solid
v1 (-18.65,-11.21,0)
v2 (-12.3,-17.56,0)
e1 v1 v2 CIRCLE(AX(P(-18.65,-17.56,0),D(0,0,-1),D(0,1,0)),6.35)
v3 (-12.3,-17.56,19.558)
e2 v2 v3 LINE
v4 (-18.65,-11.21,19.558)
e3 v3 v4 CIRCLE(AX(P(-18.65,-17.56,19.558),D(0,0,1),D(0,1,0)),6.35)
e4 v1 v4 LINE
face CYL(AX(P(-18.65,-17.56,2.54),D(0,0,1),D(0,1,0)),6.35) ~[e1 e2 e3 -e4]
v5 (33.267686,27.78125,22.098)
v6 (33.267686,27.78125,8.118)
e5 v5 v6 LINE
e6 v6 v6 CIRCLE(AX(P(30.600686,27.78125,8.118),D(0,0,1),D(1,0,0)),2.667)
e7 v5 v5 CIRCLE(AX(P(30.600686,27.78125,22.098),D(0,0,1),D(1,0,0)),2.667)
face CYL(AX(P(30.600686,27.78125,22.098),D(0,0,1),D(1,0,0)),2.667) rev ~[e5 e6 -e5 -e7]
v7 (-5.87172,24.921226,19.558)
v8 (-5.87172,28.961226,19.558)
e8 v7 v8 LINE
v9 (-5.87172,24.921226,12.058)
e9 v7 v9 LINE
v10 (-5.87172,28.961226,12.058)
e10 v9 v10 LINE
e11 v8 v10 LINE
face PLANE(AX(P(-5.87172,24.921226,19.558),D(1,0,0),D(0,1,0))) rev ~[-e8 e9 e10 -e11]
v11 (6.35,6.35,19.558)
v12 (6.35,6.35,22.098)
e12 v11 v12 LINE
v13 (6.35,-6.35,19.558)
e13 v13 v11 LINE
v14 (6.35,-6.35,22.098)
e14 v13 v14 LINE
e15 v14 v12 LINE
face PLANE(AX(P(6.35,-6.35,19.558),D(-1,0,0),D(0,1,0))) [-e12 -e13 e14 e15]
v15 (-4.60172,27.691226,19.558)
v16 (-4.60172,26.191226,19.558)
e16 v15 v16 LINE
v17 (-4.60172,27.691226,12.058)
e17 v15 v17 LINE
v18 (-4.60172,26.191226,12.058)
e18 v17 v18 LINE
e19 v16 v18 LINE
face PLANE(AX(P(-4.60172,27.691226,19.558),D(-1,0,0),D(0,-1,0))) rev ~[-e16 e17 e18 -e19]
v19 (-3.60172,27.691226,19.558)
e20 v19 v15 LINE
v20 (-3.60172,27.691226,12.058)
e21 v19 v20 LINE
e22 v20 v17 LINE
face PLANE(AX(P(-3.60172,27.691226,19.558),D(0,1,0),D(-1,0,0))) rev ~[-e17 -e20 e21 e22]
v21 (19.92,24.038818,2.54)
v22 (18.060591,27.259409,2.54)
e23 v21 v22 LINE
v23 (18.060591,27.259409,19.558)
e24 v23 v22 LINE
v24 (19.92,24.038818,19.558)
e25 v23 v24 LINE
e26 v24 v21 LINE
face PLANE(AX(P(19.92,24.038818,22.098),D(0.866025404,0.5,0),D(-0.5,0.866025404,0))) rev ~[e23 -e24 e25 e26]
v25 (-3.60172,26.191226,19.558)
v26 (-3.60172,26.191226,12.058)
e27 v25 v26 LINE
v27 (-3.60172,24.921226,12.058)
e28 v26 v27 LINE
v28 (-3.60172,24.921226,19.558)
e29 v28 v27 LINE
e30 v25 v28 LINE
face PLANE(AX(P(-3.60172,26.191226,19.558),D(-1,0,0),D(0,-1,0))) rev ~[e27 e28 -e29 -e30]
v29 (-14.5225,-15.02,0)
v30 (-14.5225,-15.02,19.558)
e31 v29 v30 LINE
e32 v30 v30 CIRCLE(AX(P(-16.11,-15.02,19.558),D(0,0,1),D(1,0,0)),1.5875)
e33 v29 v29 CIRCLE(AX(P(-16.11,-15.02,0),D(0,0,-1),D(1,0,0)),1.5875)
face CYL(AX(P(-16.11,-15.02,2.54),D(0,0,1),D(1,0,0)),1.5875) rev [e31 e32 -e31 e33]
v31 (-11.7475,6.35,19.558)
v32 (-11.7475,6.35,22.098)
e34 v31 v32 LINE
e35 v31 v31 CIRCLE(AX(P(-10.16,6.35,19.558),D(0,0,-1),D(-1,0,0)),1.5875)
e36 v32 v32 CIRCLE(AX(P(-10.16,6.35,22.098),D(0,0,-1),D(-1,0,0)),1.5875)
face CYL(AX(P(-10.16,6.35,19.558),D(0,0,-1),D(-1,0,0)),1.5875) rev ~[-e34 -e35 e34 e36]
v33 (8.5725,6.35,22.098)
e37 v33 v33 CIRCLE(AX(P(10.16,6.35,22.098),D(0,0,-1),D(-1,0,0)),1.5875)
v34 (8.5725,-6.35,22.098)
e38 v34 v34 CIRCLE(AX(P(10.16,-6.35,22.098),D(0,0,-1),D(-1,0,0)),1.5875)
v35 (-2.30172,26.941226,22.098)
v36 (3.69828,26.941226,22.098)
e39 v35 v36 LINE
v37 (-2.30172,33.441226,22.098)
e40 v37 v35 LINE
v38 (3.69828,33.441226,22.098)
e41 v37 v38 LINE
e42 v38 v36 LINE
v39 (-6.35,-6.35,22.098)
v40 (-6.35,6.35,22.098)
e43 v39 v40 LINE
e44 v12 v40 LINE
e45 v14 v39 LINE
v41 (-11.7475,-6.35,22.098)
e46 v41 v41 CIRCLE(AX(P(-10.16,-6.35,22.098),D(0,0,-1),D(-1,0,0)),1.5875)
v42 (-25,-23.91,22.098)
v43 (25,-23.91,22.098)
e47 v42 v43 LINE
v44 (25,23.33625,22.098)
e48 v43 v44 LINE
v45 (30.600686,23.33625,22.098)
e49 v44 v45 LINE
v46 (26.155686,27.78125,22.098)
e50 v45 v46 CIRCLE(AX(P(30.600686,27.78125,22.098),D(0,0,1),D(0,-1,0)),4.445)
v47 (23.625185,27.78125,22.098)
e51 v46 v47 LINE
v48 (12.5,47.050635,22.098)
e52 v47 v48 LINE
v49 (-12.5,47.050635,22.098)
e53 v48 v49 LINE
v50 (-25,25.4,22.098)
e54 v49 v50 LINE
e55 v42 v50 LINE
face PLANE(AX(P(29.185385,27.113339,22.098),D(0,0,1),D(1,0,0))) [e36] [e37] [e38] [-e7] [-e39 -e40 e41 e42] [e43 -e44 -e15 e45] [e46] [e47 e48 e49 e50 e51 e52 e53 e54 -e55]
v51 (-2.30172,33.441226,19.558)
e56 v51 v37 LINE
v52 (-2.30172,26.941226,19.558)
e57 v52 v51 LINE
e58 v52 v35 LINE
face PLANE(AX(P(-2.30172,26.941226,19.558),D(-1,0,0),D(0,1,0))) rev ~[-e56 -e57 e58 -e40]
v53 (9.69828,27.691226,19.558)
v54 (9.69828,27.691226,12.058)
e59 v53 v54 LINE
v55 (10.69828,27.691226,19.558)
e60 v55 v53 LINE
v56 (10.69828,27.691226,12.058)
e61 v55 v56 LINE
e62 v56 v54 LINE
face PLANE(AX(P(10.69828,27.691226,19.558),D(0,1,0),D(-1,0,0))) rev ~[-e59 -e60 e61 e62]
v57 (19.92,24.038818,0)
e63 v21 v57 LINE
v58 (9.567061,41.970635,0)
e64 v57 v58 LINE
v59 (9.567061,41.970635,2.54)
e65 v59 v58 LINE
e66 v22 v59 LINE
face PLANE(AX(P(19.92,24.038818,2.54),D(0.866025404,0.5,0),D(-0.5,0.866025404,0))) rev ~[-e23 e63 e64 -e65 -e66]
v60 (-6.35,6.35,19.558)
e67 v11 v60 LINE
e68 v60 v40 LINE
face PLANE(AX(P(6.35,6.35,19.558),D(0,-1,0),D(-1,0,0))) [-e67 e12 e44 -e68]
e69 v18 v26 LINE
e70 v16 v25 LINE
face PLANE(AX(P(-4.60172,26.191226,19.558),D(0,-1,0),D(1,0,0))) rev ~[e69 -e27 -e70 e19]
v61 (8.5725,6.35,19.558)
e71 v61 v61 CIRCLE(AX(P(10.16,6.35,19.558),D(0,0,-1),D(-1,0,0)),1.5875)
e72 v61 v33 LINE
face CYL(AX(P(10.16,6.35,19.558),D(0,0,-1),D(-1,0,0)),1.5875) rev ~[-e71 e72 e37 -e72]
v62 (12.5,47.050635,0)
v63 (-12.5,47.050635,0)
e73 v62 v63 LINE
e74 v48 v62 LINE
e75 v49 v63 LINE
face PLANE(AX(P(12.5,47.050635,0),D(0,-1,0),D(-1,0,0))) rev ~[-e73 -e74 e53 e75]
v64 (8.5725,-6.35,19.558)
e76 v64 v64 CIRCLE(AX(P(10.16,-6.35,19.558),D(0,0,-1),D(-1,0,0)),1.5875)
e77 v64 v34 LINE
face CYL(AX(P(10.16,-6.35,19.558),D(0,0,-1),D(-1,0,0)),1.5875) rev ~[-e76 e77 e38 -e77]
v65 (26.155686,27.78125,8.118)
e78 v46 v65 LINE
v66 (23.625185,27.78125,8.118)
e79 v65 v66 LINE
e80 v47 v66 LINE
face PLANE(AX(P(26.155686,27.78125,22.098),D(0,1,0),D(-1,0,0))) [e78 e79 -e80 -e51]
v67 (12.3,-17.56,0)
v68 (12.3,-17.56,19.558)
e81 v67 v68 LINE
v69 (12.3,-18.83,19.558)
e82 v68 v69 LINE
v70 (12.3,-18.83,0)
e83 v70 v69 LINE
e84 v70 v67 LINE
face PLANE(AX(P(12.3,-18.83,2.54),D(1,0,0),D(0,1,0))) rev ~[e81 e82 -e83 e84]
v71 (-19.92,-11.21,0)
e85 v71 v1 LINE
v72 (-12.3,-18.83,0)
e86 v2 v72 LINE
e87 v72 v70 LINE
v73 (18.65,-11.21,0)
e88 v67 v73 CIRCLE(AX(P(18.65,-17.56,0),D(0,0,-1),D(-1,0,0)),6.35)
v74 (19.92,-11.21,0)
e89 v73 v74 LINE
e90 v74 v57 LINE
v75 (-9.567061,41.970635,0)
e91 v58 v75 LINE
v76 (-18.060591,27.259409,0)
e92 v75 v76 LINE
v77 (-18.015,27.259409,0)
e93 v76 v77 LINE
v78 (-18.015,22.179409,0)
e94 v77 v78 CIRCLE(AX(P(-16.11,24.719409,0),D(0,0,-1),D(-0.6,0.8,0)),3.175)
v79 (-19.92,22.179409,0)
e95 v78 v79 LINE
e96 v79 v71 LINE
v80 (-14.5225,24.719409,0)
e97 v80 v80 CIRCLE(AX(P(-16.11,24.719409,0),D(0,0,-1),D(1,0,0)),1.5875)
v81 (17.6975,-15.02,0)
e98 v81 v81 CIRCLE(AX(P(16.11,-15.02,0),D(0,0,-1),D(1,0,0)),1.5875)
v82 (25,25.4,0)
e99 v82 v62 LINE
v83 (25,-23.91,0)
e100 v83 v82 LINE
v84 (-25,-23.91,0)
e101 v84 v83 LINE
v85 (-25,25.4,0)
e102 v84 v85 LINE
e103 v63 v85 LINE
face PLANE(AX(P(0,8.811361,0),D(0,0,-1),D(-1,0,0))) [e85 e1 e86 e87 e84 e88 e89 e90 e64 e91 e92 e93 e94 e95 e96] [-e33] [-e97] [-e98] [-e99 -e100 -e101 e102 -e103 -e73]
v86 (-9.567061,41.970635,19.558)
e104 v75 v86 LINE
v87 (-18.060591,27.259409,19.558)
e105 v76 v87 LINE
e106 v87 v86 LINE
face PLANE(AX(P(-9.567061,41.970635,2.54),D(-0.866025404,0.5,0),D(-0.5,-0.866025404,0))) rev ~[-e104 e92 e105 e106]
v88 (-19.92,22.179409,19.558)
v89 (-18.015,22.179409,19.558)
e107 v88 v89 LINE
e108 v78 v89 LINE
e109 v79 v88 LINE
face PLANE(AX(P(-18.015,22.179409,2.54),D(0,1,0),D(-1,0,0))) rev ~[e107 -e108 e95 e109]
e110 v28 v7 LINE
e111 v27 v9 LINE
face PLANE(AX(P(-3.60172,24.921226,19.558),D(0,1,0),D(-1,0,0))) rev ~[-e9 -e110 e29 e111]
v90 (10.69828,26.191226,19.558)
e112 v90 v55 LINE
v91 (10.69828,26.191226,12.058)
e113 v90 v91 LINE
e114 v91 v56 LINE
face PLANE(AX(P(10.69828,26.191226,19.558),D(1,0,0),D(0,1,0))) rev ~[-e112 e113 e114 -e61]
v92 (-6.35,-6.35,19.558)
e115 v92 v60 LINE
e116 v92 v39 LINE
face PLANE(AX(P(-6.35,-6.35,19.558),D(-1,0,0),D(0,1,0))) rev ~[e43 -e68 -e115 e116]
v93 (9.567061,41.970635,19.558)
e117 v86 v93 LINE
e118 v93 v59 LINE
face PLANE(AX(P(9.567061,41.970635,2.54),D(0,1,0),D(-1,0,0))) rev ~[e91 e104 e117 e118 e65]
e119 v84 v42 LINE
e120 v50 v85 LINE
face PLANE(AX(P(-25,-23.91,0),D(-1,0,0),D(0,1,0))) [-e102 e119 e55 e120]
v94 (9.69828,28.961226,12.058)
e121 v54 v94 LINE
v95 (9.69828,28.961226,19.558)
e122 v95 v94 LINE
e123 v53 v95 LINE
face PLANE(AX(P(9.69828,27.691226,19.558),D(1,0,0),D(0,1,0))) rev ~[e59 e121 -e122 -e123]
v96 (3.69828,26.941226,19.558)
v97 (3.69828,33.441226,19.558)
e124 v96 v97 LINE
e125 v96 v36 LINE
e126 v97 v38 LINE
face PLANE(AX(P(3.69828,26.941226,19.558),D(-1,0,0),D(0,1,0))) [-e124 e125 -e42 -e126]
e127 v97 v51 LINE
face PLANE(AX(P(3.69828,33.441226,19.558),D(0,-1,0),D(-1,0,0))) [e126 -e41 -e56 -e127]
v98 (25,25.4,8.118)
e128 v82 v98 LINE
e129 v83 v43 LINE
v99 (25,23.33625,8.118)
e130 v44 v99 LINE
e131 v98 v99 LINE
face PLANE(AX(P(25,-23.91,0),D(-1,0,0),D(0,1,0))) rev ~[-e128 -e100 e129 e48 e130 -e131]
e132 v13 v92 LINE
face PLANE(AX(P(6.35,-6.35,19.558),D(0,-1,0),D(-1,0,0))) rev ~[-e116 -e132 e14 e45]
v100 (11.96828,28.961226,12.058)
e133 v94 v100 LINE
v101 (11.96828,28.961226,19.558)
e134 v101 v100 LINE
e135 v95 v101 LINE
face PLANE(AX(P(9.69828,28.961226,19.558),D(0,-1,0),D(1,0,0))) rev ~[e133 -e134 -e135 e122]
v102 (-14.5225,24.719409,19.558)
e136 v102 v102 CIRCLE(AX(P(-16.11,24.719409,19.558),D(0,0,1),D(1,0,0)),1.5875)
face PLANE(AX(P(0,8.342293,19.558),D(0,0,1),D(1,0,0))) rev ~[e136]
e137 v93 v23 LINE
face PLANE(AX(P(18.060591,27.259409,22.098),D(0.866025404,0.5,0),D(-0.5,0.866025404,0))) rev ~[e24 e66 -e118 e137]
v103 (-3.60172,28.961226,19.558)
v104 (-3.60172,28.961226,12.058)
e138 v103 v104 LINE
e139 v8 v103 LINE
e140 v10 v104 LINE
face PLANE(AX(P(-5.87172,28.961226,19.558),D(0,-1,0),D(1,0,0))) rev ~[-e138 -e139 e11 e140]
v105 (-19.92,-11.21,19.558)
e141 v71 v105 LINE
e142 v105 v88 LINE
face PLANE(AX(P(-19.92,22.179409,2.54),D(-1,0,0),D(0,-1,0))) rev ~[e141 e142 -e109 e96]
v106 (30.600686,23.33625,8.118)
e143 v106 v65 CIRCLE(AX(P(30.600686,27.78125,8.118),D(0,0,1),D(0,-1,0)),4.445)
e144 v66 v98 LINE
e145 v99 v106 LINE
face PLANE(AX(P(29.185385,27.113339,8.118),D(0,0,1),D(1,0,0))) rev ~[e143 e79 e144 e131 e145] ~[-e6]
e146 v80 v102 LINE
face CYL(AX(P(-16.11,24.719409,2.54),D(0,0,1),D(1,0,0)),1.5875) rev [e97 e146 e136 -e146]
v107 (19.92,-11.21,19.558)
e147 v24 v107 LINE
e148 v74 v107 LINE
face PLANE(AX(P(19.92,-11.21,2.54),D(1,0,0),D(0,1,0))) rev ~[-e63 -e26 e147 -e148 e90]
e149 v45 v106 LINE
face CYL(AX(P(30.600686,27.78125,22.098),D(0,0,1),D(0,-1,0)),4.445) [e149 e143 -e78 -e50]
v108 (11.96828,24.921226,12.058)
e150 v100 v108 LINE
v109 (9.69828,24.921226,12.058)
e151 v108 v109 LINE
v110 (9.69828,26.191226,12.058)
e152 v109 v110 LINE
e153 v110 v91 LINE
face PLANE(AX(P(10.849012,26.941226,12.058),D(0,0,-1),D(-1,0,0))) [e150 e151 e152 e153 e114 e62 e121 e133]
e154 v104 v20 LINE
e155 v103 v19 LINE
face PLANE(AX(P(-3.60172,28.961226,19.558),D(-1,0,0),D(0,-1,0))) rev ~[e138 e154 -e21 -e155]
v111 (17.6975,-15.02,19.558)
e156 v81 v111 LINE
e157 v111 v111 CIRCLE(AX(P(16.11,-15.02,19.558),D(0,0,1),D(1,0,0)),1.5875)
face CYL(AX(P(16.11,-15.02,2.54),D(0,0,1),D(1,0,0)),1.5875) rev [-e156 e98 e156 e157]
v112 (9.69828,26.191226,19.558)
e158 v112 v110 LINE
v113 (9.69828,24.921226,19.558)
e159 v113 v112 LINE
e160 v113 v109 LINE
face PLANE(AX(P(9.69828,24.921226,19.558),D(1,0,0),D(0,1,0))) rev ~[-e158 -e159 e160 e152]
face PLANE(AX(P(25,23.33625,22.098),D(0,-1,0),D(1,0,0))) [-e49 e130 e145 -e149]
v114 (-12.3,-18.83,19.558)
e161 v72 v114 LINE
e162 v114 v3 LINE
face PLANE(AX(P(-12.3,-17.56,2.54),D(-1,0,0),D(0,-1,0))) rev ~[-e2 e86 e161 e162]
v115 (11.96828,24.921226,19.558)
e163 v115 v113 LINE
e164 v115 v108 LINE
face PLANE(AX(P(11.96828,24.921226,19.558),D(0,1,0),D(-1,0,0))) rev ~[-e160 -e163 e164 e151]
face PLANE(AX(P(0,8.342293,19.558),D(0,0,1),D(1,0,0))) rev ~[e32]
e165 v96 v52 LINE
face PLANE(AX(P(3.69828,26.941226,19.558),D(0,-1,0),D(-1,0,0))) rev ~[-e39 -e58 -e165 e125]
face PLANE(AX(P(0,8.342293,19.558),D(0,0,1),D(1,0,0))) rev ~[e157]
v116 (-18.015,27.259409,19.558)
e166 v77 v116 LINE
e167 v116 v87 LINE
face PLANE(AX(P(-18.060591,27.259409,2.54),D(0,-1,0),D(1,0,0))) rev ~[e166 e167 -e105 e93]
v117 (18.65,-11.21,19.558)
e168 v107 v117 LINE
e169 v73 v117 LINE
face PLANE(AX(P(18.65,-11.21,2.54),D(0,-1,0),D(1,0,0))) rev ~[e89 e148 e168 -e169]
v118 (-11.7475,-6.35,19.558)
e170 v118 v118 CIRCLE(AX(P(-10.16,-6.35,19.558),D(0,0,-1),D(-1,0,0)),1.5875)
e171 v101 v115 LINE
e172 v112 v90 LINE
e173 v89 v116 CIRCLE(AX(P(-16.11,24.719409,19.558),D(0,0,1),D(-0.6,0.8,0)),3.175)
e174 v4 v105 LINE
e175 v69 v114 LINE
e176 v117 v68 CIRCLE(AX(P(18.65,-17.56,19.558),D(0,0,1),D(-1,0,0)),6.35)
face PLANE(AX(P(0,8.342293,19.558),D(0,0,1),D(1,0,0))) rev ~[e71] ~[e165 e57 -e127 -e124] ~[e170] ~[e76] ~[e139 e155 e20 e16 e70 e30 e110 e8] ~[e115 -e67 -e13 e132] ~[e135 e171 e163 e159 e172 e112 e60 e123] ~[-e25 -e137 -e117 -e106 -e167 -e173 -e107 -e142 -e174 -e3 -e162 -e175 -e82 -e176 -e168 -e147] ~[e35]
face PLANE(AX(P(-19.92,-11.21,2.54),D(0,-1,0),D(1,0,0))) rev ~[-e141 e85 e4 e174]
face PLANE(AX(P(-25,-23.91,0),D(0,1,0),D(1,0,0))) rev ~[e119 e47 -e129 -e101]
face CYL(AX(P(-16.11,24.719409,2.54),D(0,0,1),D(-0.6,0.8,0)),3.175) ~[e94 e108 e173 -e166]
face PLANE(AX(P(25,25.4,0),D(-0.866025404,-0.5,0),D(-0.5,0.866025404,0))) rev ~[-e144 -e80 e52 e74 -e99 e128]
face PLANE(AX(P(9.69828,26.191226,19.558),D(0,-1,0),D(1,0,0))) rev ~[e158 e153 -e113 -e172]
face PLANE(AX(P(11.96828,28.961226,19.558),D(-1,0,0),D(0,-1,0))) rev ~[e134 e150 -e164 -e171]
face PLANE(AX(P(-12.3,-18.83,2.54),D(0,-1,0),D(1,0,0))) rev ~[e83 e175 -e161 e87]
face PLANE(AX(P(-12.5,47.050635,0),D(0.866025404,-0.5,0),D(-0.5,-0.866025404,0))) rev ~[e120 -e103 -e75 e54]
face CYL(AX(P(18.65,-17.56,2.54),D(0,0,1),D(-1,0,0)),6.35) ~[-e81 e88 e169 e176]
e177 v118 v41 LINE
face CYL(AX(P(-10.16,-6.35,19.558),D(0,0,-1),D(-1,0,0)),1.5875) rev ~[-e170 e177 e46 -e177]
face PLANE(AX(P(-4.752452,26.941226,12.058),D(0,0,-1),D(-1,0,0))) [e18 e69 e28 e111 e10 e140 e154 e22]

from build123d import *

# Parameters (mm, degrees)
SKETCH1_W           = 50
SKETCH1_H           = 49.309999932
BOSS_EXTRUDE1_DEPTH = 22.098
SKETCH11_R          = 1.5875
CUT_EXTRUDE7_DEPTH  = 33.02
CUT_EXTRUDE8_DEPTH  = 2.54
BOSS_EXTRUDE5_DEPTH = 2.54
BOSS_EXTRUDE6_DEPTH = 7.5
SKETCH14_R          = 1.5875
SKETCH14_W          = 12.7
SKETCH14_H          = 12.7
CUT_EXTRUDE9_DEPTH  = 2.54
SKETCH20_W          = 6
SKETCH20_H          = 6.5
CUT_EXTRUDE13_DEPTH = 7.5
SKETCH22_R          = 2.667
BOSS_EXTRUDE7_DEPTH = 13.97999998
SKETCH24_R          = 1.5875
BOSS_EXTRUDE9_DEPTH = 2.54


with BuildPart() as part:
    # Sketch1 → Boss-Extrude1 (new body)
    with BuildSketch(Plane.XY):
        with Locations((0, 0.745000034)):
            Rectangle(SKETCH1_W, SKETCH1_H)
        Polygon((12.5, 47.050635095), (-12.5, 47.050635095), (-25, 25.4), (25, 25.4), align=None)
    extrude(amount=BOSS_EXTRUDE1_DEPTH)

    # Sketch11 → Cut-Extrude7 (cut)
    with BuildSketch(Plane.XY.offset(22.098)):
        with BuildLine():
            Line((-18.015, 22.179409051), (-19.92, 22.179409051))
            Line((-19.92, 22.179409051), (-19.92, -11.209999932))
            Line((-19.92, -11.209999932), (-18.65, -11.209999932))
            ThreePointArc((-18.65, -11.209999932), (-14.159871939, -13.069871871), (-12.3, -17.559999932))
            Line((-12.3, -17.559999932), (-12.3, -18.829999932))
            Line((-12.3, -18.829999932), (12.3, -18.829999932))
            Line((12.3, -18.829999932), (12.3, -17.559999932))
            ThreePointArc((12.3, -17.559999932), (14.159871939, -13.069871871), (18.65, -11.209999932))
            Line((18.65, -11.209999932), (19.92, -11.209999932))
            Line((19.92, -11.209999932), (19.92, 24.038818102))
            Line((19.92, 24.038818102), (18.060590949, 27.259409051))
            Line((18.060590949, 27.259409051), (9.567060633, 41.970635095))
            Line((9.567060633, 41.970635095), (-9.567060633, 41.970635095))
            Line((-9.567060633, 41.970635095), (-18.060590949, 27.259409051))
            Line((-18.060590949, 27.259409051), (-18.015, 27.259409051))
            ThreePointArc((-18.015, 27.259409051), (-12.935, 24.719409051), (-18.015, 22.179409051))
        make_face()
        with Locations((-16.11, 24.719409051)):
            Circle(SKETCH11_R)
        with Locations((16.11, -15.02)):
            Circle(SKETCH11_R)
        with Locations((-16.11, -15.02)):
            Circle(SKETCH11_R)
    extrude(amount=-CUT_EXTRUDE7_DEPTH, mode=Mode.SUBTRACT)

    # Sketch12 → Cut-Extrude8 (cut)
    with BuildSketch(Plane(origin=(0, 0, 0), x_dir=(-1, 0, 0), z_dir=(0, 0, -1))):
        Polygon((-22.46, 25.4), (-22.46, -21.369999932), (22.46, -21.369999932), (22.46, 25.4), (11.23, 44.850930569), (-11.23, 44.850930569), align=None)
    extrude(amount=-CUT_EXTRUDE8_DEPTH, mode=Mode.SUBTRACT)

    # Sketch13 → Boss-Extrude5 (add)
    with BuildSketch(Plane.XY.offset(22.098)):
        Polygon((-25, 25.4), (-25, -23.909999932), (25, -23.909999932), (25, 25.4), (12.5, 47.050635095), (-12.5, 47.050635095), align=None)
    extrude(amount=-BOSS_EXTRUDE5_DEPTH)

    # Sketch19 → Boss-Extrude6 (add)
    with BuildSketch(Plane(origin=(0, 0, 19.558), x_dir=(-1, 0, 0), z_dir=(0, 0, -1))):
        Polygon((-11.968279908, 28.961226002), (-11.968279908, 24.921226002), (-9.698279908, 24.921226002), (-9.698279908, 26.191226002), (-10.698279908, 26.191226002), (-10.698279908, 27.691226002), (-9.698279908, 27.691226002), (-9.698279908, 28.961226002), align=None)
        Polygon((4.601720092, 27.691226002), (4.601720092, 26.191226002), (3.601720092, 26.191226002), (3.601720092, 24.921226002), (5.871720092, 24.921226002), (5.871720092, 28.961226002), (3.601720092, 28.961226002), (3.601720092, 27.691226002), align=None)
    extrude(amount=BOSS_EXTRUDE6_DEPTH)

    # Sketch14 → Cut-Extrude9 (cut)
    with BuildSketch(Plane(origin=(0, 0, 19.558), x_dir=(-1, 0, 0), z_dir=(0, 0, -1))):
        with Locations((-10.16, 6.35)):
            Circle(SKETCH14_R)
        with Locations((10.16, 6.35)):
            Circle(SKETCH14_R)
        with Locations((10.16, -6.35)):
            Circle(SKETCH14_R)
        with Locations((-10.16, -6.35)):
            Circle(SKETCH14_R)
        Rectangle(SKETCH14_W, SKETCH14_H)
    extrude(amount=-CUT_EXTRUDE9_DEPTH, mode=Mode.SUBTRACT)

    # Sketch20 → Cut-Extrude13 (cut)
    with BuildSketch(Plane(origin=(0, 0, 19.558), x_dir=(-1, 0, 0), z_dir=(0, 0, -1))):
        with Locations((-0.698279908, 30.191226002)):
            Rectangle(SKETCH20_W, SKETCH20_H)
    extrude(amount=-CUT_EXTRUDE13_DEPTH, mode=Mode.SUBTRACT)

    # Sketch22 → Boss-Extrude7 (add)
    with BuildSketch(Plane.XY.offset(22.098)):
        with BuildLine():
            Line((26.155685571, 27.78125), (23.625184671, 27.78125))
            Line((23.625184671, 27.78125), (25, 25.4))
            Line((25, 25.4), (25, 23.33625))
            Line((25, 23.33625), (30.600685571, 23.33625))
            ThreePointArc((30.600685571, 23.33625), (33.743775214, 30.924339642), (26.155685571, 27.78125))
        make_face()
        with Locations((30.600685571, 27.78125)):
            Circle(SKETCH22_R, mode=Mode.SUBTRACT)
    extrude(amount=-BOSS_EXTRUDE7_DEPTH)

    # Sketch24 → Boss-Extrude9 (add)
    with BuildSketch(Plane(origin=(0, 0, 2.54), x_dir=(-1, 0, 0), z_dir=(0, 0, -1))):
        Polygon((11.23, 44.850930569), (-11.23, 44.850930569), (-22.46, 25.4), (-22.46, -21.369999932), (22.46, -21.369999932), (22.46, 25.4), align=None)
        with Locations(Location((16.11, -15.02, 0), (0, 0, 180))):
            Circle(SKETCH24_R, mode=Mode.SUBTRACT)
        with Locations(Location((16.11, 24.719409051, 0), (0, 0, 180))):
            Circle(SKETCH24_R, mode=Mode.SUBTRACT)
        with Locations(Location((-16.11, -15.02, 0), (0, 0, 180))):
            Circle(SKETCH24_R, mode=Mode.SUBTRACT)
        with BuildLine():
            Line((-19.92, 24.038818102), (-9.567060633, 41.970635095))
            Line((-9.567060633, 41.970635095), (9.567060633, 41.970635095))
            Line((9.567060633, 41.970635095), (18.060590949, 27.259409051))
            Line((18.060590949, 27.259409051), (18.015, 27.259409051))
            ThreePointArc((18.015, 27.259409051), (12.935, 24.719409051), (18.015, 22.179409051))
            Line((18.015, 22.179409051), (19.92, 22.179409051))
            Line((19.92, 22.179409051), (19.92, -11.209999932))
            Line((19.92, -11.209999932), (18.65, -11.209999932))
            ThreePointArc((18.65, -11.209999932), (14.159871939, -13.069871871), (12.3, -17.559999932))
            Line((12.3, -17.559999932), (12.3, -18.829999932))
            Line((12.3, -18.829999932), (-12.3, -18.829999932))
            Line((-12.3, -18.829999932), (-12.3, -17.559999932))
            ThreePointArc((-12.3, -17.559999932), (-14.159871939, -13.069871871), (-18.65, -11.209999932))
            Line((-18.65, -11.209999932), (-19.92, -11.209999932))
            Line((-19.92, -11.209999932), (-19.92, 24.038818102))
        make_face(mode=Mode.SUBTRACT)
    extrude(amount=BOSS_EXTRUDE9_DEPTH)


solid = part.part
